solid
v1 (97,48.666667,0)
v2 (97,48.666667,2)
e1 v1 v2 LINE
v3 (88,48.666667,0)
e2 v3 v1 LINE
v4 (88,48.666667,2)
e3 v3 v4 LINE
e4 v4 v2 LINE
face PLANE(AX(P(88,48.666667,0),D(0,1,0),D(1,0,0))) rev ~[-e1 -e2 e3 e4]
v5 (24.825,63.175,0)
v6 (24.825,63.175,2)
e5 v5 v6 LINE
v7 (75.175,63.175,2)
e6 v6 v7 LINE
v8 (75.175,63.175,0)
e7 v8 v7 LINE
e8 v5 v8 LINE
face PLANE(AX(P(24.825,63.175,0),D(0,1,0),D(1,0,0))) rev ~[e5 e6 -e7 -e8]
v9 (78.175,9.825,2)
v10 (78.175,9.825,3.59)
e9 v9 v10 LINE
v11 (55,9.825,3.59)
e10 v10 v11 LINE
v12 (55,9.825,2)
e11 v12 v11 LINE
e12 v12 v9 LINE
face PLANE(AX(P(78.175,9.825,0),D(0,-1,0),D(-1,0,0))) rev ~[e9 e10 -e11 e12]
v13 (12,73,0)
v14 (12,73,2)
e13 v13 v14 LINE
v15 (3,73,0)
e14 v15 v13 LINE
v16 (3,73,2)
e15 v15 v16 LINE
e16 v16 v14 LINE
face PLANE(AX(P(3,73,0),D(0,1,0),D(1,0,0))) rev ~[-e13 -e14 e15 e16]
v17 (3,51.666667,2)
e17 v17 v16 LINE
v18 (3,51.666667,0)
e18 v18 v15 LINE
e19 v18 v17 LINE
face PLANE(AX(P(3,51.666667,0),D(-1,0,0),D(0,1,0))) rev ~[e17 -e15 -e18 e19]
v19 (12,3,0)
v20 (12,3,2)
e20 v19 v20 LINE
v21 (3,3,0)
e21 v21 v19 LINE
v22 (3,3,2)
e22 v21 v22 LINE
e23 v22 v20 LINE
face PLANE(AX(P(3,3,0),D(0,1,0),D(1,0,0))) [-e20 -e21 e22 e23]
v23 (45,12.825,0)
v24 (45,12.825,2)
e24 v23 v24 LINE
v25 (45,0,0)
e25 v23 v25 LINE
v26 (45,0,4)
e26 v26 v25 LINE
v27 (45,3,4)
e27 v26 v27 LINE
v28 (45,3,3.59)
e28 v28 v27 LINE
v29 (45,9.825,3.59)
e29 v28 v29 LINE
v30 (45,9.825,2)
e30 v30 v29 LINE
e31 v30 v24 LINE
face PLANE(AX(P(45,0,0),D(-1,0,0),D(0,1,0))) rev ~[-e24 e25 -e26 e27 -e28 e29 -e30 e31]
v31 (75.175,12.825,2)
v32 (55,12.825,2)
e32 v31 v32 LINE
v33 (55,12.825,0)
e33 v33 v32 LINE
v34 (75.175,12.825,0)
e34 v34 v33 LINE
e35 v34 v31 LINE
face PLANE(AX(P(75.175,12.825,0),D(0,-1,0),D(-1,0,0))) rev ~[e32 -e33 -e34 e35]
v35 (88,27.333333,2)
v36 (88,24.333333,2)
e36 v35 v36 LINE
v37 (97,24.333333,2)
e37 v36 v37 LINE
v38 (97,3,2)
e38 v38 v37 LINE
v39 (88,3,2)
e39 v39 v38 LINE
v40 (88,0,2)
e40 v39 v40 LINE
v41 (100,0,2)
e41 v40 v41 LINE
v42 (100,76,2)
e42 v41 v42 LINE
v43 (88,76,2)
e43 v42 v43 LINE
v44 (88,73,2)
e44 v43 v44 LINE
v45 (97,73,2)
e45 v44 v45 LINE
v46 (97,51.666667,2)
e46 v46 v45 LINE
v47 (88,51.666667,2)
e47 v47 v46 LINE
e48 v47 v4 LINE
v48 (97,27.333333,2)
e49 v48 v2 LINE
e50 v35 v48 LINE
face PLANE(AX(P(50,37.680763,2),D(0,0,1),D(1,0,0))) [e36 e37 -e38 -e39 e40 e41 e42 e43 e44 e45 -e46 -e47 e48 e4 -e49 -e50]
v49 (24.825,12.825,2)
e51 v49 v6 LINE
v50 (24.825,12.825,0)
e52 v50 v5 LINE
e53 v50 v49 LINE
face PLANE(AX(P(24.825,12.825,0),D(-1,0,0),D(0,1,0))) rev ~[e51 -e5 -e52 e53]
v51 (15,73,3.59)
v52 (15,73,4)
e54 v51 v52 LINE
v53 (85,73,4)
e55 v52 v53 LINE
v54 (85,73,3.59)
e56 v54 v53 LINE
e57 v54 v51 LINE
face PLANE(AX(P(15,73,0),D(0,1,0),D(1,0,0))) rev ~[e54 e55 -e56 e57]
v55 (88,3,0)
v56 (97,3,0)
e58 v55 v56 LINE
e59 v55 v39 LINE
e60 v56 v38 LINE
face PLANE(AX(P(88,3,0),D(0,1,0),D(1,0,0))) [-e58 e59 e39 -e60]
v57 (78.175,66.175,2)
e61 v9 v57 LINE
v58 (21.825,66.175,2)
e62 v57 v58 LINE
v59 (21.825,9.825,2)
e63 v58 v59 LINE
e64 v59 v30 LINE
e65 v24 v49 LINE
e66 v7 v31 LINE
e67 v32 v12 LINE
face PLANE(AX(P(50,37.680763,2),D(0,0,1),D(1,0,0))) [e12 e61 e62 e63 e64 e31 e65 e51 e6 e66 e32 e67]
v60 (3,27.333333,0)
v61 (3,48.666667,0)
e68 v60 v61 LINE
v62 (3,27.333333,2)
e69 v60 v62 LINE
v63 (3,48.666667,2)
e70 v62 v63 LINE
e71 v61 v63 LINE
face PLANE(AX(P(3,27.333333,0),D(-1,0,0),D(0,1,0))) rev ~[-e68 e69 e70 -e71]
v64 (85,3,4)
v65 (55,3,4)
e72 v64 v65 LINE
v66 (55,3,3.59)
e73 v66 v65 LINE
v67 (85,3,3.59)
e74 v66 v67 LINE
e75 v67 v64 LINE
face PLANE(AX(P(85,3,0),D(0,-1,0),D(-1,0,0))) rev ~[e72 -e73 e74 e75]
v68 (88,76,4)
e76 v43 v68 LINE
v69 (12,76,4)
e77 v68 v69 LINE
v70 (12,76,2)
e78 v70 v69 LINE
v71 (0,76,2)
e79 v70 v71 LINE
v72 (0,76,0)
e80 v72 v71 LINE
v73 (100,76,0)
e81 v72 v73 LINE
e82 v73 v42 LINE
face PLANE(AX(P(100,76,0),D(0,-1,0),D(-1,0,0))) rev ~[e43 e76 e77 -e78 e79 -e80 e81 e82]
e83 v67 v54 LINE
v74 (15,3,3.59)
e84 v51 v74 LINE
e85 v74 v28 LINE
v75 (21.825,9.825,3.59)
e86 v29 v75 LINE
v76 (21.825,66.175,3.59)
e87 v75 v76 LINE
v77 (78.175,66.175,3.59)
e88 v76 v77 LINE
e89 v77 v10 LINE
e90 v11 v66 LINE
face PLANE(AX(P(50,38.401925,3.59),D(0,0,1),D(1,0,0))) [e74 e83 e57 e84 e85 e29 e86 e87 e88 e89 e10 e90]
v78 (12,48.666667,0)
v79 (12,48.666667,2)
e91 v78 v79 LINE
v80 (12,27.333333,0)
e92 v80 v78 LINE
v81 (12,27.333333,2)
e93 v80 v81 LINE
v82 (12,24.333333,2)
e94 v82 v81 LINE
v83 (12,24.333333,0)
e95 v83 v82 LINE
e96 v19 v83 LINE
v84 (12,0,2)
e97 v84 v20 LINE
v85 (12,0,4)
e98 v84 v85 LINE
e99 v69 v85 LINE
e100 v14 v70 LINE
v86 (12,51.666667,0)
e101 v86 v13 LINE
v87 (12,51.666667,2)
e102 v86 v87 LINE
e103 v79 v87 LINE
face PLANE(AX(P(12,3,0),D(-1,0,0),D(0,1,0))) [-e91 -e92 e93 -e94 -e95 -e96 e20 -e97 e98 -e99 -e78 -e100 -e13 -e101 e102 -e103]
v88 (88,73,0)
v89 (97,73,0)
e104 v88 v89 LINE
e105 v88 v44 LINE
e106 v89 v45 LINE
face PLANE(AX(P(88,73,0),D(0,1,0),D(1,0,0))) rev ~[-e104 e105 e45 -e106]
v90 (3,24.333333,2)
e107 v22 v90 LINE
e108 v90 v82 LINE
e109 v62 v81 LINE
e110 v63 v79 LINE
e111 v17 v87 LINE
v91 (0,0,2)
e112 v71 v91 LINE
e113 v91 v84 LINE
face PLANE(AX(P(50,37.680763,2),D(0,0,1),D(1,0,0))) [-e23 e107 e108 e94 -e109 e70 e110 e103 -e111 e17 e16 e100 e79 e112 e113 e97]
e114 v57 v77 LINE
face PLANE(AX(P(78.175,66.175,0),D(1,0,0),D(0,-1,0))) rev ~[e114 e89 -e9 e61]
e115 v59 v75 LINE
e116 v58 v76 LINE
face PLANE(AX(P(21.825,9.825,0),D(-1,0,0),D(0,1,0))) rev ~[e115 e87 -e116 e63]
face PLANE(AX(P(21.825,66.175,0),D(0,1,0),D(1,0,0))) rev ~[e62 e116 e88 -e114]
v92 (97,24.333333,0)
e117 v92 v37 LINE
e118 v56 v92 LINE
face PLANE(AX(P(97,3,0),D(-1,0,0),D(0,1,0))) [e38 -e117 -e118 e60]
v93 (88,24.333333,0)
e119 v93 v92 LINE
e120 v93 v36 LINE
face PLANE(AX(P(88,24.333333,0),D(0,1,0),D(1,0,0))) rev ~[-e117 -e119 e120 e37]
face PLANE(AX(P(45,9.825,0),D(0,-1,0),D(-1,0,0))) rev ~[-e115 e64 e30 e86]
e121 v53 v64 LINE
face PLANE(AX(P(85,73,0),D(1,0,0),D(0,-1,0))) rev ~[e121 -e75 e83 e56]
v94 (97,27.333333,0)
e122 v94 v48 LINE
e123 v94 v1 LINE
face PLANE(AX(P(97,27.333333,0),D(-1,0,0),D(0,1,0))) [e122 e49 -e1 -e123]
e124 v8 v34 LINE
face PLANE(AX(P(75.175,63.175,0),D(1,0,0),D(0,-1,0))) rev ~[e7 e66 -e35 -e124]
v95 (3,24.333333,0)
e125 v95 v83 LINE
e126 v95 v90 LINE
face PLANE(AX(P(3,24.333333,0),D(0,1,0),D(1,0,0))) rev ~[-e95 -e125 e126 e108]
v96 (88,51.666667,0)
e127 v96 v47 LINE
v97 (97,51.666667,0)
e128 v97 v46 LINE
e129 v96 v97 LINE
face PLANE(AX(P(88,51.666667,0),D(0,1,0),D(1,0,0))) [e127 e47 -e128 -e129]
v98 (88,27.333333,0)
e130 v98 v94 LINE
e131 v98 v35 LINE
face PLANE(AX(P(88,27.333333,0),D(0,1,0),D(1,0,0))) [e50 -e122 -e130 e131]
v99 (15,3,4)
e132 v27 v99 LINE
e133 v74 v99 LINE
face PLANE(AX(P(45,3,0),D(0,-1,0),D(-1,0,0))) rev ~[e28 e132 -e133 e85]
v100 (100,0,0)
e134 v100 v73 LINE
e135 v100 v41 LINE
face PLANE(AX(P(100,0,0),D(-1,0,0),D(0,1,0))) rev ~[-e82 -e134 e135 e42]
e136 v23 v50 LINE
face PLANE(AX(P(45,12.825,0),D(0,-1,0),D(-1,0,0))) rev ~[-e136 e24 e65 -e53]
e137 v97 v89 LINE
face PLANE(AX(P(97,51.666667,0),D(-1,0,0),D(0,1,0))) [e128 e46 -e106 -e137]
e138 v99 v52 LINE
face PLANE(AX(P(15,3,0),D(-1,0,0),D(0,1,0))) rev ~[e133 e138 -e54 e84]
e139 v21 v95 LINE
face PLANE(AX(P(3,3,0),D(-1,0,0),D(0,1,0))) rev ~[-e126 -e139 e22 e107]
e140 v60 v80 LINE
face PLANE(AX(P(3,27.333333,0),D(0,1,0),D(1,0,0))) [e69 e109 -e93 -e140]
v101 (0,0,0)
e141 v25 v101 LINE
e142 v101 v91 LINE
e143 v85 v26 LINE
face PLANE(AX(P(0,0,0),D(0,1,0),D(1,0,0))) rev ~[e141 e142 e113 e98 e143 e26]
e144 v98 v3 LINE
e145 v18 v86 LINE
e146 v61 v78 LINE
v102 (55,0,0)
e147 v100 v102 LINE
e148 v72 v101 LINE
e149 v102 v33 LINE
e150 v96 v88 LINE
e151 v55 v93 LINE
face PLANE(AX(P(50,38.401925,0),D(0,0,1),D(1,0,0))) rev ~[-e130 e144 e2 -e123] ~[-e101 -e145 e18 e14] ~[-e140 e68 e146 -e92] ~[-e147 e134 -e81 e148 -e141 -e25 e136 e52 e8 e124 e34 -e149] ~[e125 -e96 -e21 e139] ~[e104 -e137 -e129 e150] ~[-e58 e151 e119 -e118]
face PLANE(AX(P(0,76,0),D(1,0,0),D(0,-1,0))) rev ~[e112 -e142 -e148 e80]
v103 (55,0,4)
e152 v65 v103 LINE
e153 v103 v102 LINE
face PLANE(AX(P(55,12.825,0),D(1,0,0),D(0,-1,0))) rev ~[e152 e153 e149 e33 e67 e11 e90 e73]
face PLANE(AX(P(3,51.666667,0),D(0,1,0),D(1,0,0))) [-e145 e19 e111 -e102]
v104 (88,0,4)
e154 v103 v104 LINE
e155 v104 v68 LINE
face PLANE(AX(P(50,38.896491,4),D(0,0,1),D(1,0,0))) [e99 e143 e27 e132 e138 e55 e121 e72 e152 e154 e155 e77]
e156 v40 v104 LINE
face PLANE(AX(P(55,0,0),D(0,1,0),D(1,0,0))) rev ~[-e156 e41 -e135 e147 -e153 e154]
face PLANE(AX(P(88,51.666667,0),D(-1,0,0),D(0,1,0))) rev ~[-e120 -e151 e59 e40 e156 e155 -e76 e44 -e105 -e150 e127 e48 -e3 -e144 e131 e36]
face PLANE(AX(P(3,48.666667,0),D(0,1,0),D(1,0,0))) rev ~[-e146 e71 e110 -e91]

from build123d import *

# Parameters (mm, degrees)
SKETCH1_W           = 9
SKETCH1_H           = 21.333333333
SKETCH1_H_2         = 21.333333334
BOSS_EXTRUDE1_DEPTH = 2
BOSS_EXTRUDE2_DEPTH = 3.59
BOSS_EXTRUDE3_DEPTH = 4


with BuildPart() as part:
    # Sketch1 → Boss-Extrude1 (new body)
    with BuildSketch(Plane.XY):
        Polygon((0, 76), (0, 0), (45, 0), (45, 12.825), (24.825, 12.825), (24.825, 63.175), (75.175, 63.175), (75.175, 12.825), (55, 12.825), (55, 0), (100, 0), (100, 76), align=None)
        with Locations((92.5, 13.666666667)):
            Rectangle(SKETCH1_W, SKETCH1_H, mode=Mode.SUBTRACT)
        with Locations((92.5, 38)):
            Rectangle(SKETCH1_W, SKETCH1_H_2, mode=Mode.SUBTRACT)
        with Locations((92.5, 62.333333334)):
            Rectangle(SKETCH1_W, SKETCH1_H, mode=Mode.SUBTRACT)
        with Locations((7.5, 62.333333334)):
            Rectangle(SKETCH1_W, SKETCH1_H, mode=Mode.SUBTRACT)
        with Locations((7.5, 38)):
            Rectangle(SKETCH1_W, SKETCH1_H_2, mode=Mode.SUBTRACT)
        with Locations((7.5, 13.666666667)):
            Rectangle(SKETCH1_W, SKETCH1_H, mode=Mode.SUBTRACT)
    extrude(amount=BOSS_EXTRUDE1_DEPTH)

    # Sketch1<3> → Boss-Extrude2 (add)
    with BuildSketch(Plane.XY):
        Polygon((15, 3), (45, 3), (45, 9.825), (21.825, 9.825), (21.825, 66.175), (78.175, 66.175), (78.175, 9.825), (55, 9.825), (55, 3), (85, 3), (85, 73), (15, 73), align=None)
    extrude(amount=BOSS_EXTRUDE2_DEPTH)

    # Sketch1<4> → Boss-Extrude3 (add)
    with BuildSketch(Plane.XY):
        Polygon((12, 3), (12, 0), (45, 0), (45, 3), (15, 3), (15, 73), (85, 73), (85, 3), (55, 3), (55, 0), (88, 0), (88, 3), (88, 24.333333333), (88, 27.333333333), (88, 48.666666667), (88, 51.666666667), (88, 73), (88, 76), (12, 76), (12, 73), (12, 51.666666667), (12, 48.666666667), (12, 27.333333333), (12, 24.333333333), align=None)
    extrude(amount=BOSS_EXTRUDE3_DEPTH)


solid = part.part
